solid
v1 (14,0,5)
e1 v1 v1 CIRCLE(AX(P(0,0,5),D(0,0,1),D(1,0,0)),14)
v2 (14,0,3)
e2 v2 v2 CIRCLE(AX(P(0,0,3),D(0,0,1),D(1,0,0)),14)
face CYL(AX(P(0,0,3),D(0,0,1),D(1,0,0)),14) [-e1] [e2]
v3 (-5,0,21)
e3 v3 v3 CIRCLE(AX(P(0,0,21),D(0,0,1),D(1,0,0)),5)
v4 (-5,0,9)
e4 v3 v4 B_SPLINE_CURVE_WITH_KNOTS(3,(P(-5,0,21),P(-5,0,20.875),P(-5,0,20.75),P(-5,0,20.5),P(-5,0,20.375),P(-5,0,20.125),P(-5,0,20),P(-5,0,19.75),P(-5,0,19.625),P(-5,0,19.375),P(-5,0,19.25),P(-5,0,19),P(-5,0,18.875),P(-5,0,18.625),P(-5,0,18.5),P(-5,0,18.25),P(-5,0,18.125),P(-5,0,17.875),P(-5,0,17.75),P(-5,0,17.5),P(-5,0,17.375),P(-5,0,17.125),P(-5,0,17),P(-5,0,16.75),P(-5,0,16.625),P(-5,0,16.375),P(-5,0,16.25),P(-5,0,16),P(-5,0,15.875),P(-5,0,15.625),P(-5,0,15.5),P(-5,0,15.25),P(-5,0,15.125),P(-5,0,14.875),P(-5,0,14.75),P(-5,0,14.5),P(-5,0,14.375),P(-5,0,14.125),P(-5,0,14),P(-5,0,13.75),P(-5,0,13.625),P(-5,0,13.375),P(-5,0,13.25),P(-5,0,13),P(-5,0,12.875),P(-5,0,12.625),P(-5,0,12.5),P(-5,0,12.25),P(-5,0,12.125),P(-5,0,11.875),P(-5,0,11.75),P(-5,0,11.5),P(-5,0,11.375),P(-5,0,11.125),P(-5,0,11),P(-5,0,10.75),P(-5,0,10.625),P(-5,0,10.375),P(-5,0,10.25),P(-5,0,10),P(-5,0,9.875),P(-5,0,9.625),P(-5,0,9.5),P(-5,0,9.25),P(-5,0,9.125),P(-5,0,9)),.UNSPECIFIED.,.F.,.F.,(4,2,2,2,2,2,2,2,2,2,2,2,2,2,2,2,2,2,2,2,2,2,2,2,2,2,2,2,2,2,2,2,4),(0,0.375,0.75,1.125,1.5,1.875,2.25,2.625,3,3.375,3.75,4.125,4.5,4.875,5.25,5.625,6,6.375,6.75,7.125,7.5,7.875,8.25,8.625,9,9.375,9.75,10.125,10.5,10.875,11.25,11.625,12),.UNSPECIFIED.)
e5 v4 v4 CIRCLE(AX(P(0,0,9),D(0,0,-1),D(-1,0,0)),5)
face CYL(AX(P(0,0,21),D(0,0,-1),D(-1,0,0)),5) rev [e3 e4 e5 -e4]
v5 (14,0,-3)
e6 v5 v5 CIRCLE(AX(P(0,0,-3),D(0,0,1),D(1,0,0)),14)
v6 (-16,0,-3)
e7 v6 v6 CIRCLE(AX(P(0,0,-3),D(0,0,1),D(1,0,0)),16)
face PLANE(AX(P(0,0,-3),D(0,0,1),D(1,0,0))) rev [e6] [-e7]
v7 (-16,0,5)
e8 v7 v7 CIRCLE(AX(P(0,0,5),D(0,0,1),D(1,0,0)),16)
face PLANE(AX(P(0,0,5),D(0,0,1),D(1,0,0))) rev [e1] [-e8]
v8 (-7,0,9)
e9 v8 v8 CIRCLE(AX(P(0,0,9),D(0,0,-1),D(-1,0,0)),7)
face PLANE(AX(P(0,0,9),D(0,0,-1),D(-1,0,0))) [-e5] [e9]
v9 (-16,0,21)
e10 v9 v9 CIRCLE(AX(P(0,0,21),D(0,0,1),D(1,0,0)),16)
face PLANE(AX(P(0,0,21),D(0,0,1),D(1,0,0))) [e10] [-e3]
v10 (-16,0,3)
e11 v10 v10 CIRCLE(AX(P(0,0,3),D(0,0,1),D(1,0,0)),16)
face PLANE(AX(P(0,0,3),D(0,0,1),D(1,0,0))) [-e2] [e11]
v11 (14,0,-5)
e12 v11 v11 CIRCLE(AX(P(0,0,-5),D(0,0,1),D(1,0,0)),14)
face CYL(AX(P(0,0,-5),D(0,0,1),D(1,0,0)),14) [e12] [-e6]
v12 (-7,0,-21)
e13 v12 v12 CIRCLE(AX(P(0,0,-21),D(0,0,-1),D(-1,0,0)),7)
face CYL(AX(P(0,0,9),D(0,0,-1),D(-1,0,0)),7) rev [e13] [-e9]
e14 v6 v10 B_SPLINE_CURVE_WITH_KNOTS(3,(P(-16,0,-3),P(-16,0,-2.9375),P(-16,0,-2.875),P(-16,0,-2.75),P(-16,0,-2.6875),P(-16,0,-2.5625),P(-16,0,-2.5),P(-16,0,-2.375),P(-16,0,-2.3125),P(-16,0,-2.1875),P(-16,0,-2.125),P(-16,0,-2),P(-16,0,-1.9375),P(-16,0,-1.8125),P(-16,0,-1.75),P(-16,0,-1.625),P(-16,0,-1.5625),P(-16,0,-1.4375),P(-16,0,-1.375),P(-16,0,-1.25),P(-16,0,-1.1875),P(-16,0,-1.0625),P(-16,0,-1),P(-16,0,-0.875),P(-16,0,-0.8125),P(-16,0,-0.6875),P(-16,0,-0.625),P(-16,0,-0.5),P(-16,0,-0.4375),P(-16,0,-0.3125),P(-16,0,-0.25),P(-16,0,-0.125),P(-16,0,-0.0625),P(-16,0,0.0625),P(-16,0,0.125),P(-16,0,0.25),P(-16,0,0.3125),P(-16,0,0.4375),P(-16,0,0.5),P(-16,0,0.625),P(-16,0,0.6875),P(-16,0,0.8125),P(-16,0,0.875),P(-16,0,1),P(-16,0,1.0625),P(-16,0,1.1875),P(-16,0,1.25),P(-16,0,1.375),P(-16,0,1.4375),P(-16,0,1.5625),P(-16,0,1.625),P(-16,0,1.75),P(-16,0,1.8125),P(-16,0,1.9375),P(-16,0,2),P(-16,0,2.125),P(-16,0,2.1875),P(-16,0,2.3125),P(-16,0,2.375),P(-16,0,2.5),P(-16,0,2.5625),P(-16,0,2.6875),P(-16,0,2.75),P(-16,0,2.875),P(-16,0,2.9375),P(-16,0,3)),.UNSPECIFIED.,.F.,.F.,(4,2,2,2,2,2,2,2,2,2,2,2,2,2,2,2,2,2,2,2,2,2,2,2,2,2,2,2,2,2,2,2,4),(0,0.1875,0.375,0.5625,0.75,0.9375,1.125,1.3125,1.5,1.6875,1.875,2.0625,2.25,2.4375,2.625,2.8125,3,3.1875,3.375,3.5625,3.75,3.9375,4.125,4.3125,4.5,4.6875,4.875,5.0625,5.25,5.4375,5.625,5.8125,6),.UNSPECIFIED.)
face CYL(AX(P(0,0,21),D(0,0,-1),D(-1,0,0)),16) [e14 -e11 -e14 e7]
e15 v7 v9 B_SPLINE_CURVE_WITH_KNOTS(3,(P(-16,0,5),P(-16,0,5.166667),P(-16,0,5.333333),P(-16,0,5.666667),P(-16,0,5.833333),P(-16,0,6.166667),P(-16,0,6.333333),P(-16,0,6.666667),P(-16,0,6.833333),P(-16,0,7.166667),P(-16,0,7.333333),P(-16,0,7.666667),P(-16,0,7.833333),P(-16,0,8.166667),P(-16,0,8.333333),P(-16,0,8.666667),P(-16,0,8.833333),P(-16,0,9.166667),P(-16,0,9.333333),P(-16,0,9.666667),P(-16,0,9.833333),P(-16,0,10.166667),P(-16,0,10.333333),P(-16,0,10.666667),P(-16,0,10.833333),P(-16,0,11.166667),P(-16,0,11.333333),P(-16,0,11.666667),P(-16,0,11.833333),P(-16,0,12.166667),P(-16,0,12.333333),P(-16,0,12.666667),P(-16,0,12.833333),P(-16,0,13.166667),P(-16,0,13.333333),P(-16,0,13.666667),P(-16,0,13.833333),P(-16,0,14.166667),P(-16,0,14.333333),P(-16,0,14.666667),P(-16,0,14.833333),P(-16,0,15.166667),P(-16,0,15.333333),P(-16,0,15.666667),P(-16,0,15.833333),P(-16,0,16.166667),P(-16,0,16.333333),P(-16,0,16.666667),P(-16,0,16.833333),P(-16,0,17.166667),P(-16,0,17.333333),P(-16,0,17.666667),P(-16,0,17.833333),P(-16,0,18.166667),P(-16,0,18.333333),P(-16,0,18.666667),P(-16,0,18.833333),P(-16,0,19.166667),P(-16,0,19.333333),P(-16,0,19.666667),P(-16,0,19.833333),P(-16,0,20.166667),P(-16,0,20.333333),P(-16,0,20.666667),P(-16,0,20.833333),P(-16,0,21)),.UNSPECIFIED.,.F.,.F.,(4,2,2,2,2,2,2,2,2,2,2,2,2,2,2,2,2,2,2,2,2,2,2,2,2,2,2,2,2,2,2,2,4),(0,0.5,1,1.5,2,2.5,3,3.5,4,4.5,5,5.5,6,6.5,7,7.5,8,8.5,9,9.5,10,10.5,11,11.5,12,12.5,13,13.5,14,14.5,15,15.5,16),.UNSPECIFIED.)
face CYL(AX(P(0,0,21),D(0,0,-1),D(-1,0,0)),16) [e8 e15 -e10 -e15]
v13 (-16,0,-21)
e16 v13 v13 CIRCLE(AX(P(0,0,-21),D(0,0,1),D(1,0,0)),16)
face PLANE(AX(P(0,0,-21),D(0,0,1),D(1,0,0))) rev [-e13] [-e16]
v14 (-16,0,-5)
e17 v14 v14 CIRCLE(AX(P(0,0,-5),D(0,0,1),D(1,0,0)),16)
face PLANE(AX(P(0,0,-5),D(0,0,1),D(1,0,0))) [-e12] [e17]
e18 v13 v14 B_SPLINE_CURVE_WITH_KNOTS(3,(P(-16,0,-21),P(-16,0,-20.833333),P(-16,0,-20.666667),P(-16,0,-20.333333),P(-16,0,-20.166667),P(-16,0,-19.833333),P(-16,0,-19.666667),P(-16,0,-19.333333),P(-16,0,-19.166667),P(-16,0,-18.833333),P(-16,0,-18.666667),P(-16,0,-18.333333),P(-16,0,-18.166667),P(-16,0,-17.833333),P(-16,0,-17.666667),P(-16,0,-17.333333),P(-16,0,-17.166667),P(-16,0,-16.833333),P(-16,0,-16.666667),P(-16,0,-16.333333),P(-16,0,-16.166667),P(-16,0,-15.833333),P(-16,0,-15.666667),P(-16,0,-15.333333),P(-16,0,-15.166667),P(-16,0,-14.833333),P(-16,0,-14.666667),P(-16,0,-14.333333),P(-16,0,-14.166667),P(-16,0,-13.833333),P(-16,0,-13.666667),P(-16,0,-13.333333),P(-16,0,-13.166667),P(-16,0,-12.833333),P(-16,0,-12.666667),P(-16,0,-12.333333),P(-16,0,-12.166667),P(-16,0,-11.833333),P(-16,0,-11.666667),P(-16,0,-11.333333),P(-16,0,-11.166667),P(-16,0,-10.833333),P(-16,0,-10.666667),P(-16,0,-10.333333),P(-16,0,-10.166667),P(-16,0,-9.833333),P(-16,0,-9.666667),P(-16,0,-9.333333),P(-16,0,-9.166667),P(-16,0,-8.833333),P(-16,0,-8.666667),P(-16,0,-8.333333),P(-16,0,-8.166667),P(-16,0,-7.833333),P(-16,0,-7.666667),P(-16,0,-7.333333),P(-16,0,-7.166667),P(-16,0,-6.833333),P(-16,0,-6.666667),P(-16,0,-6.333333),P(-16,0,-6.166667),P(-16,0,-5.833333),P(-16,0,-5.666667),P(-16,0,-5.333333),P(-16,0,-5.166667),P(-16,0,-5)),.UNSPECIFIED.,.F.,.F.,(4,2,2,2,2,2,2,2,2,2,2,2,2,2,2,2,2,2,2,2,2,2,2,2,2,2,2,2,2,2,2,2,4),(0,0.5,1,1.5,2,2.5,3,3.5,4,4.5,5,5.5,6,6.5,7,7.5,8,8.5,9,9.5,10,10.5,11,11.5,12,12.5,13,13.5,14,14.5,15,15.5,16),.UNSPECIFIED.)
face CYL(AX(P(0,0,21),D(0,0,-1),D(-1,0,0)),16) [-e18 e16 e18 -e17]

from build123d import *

# Parameters (mm, degrees)
SKETCH_1_R          = 16
SKETCH_1_R_2        = 5
EXTRUDE_1_DEPTH     = 21
SKETCH_2_R          = 7
CUT_EXTRUDE_1_DEPTH = 30
CUT_EXTRUDE_START   = 5
SKETCH_3_R          = 16
SKETCH_3_R_2        = 14
CUT_EXTRUDE_3_DEPTH = 2
CUT_EXTRUDE_START_2 = -3
SKETCH_3_2_R        = 16
SKETCH_3_2_R_2      = 14
CUT_EXTRUDE_4_DEPTH = 2


with BuildPart() as part:
    # 스케치1 → 보스-돌출1 (new, symmetric)
    with BuildSketch(Plane.XY):
        Circle(SKETCH_1_R)
        Circle(SKETCH_1_R_2, mode=Mode.SUBTRACT)
    extrude(amount=EXTRUDE_1_DEPTH, both=True)

    # 스케치2 → 컷-돌출1 (cut)
    with BuildSketch(Plane(origin=(0, 0, -21), x_dir=(-1, 0, 0), z_dir=(0, 0, -1))):
        Circle(SKETCH_2_R)
    extrude(amount=-CUT_EXTRUDE_1_DEPTH, mode=Mode.SUBTRACT)

    # 스케치3 → 컷-돌출3 (cut)
    with BuildSketch(Plane.XY.offset(CUT_EXTRUDE_START)):
        Circle(SKETCH_3_R)
        Circle(SKETCH_3_R_2, mode=Mode.SUBTRACT)
    extrude(amount=-CUT_EXTRUDE_3_DEPTH, mode=Mode.SUBTRACT)

    # 스케치3<2> → 컷-돌출4 (cut)
    with BuildSketch(Plane.XY.offset(CUT_EXTRUDE_START_2)):
        Circle(SKETCH_3_2_R)
        Circle(SKETCH_3_2_R_2, mode=Mode.SUBTRACT)
    extrude(amount=-CUT_EXTRUDE_4_DEPTH, mode=Mode.SUBTRACT)


solid = part.part
